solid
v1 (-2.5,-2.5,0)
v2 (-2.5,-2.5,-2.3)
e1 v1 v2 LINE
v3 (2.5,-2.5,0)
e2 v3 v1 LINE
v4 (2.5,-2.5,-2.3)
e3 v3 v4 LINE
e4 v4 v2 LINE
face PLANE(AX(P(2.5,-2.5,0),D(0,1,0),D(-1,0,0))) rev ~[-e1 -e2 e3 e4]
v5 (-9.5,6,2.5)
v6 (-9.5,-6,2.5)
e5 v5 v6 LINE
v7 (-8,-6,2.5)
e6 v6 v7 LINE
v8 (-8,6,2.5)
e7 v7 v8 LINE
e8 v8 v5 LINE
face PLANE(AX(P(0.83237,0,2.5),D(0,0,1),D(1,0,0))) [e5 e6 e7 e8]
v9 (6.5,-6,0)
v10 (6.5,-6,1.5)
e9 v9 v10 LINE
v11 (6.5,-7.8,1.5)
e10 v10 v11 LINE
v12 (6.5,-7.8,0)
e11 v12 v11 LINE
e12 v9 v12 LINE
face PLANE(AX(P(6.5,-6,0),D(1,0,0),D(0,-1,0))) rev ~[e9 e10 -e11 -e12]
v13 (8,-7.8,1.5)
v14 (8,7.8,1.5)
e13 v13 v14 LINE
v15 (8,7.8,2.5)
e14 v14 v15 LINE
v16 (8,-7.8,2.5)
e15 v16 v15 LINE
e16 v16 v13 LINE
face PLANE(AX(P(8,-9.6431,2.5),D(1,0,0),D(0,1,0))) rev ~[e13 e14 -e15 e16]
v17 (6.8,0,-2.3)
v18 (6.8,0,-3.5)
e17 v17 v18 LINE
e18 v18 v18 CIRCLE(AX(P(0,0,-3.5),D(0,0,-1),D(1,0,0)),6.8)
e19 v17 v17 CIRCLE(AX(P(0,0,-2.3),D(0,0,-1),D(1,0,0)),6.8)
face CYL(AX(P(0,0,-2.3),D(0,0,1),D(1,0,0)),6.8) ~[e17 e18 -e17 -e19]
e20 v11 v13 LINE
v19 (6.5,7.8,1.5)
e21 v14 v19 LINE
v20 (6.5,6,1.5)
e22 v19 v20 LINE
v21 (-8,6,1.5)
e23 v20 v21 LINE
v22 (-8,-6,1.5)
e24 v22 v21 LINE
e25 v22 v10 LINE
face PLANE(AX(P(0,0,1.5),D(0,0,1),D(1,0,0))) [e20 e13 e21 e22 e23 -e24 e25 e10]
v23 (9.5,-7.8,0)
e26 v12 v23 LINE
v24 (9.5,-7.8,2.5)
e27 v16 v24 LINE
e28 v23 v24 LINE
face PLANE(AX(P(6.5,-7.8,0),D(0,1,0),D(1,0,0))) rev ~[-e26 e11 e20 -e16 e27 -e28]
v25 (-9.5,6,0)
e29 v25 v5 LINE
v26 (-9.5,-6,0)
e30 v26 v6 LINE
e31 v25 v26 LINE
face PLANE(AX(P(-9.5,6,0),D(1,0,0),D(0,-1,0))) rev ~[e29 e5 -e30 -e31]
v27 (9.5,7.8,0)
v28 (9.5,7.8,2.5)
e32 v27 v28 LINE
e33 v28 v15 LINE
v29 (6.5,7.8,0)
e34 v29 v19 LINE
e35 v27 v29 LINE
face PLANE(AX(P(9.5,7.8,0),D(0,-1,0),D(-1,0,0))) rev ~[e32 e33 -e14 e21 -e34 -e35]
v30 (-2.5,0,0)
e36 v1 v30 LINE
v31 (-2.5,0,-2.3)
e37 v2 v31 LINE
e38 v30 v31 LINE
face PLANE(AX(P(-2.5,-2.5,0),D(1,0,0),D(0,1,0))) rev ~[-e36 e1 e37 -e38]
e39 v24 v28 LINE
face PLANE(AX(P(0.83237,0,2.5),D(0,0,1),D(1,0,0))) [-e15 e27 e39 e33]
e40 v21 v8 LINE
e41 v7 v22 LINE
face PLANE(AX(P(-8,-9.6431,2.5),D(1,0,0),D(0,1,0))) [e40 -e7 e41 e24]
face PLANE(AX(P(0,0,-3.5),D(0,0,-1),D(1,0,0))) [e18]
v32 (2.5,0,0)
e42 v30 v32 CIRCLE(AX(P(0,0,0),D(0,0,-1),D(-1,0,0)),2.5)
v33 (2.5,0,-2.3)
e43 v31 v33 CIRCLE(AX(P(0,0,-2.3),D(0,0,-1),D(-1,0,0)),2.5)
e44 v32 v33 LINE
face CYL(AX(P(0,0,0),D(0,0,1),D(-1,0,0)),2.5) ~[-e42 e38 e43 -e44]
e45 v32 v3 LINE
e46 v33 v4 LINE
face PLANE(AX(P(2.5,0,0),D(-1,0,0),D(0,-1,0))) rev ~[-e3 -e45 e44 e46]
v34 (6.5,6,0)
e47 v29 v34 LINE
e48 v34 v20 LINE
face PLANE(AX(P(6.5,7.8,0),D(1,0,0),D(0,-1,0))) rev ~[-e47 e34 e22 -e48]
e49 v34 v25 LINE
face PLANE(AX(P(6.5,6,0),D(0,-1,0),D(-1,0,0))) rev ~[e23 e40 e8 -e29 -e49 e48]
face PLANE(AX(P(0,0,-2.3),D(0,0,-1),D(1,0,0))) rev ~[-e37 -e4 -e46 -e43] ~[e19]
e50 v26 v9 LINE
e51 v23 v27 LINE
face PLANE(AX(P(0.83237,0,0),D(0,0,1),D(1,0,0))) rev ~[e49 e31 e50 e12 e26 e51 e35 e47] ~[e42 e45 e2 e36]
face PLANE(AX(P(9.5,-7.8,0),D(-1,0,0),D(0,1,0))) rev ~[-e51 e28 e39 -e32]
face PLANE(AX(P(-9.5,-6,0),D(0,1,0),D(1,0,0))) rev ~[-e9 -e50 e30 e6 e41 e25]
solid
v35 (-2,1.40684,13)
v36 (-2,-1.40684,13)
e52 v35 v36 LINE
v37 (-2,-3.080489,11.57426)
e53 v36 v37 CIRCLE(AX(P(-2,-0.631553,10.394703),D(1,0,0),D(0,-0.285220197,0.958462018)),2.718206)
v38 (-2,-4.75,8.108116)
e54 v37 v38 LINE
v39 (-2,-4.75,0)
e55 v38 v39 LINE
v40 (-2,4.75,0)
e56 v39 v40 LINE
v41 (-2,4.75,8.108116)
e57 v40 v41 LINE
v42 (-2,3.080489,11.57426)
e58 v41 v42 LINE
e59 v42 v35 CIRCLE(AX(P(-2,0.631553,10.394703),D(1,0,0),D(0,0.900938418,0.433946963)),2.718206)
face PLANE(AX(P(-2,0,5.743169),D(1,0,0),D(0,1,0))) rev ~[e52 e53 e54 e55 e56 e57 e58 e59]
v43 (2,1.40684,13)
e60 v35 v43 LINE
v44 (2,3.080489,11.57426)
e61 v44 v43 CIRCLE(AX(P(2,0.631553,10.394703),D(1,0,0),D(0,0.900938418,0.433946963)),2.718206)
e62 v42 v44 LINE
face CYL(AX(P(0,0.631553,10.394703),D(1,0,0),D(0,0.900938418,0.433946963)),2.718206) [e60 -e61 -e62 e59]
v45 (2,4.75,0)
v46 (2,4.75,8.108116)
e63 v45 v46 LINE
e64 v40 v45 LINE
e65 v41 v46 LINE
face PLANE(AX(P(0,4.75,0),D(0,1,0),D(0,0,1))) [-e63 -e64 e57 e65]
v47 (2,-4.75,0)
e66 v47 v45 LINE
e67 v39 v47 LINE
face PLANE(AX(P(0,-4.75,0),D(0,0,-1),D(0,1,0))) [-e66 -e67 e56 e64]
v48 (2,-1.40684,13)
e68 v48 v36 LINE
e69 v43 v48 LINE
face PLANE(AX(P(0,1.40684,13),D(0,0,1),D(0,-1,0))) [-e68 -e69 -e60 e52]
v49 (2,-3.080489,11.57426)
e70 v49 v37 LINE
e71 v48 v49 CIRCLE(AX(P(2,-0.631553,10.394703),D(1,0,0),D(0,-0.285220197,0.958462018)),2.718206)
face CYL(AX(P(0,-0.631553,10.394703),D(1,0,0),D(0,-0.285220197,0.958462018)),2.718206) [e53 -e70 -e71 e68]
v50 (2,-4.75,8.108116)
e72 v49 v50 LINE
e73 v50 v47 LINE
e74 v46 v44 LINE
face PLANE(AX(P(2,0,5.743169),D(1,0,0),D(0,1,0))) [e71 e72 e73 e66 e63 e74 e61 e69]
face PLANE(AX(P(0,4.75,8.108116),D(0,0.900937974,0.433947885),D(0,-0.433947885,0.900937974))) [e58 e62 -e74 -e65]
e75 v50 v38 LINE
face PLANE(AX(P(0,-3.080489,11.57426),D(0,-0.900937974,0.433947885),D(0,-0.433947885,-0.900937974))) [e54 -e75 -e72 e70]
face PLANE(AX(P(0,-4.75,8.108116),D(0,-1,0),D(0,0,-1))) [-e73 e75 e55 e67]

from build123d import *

# Parameters (mm, degrees)
F1_DEPTH      = 2.5
F2_W          = 16
F2_H          = 19.2862
F3_DEPTH      = 1
F5_DEPTH      = 2.3
F6_R          = 6.8
F7_DEPTH      = 1.2
F9_DEPTH      = 2
F9_DEPTH_BACK = 2


with BuildPart() as f1:
    # F0 (on Top) → F1 (new body)
    with BuildSketch(Plane.XY):
        Polygon((6.5, -7.8), (9.5, -7.8), (9.5, 7.8), (6.5, 7.8), (6.5, 6), (-9.5, 6), (-9.5, -6), (6.5, -6), align=None)
    extrude(amount=F1_DEPTH)

    # F2 (on face) → F3 (cut)
    with BuildSketch(Plane.XY.offset(2.5)):
        Rectangle(F2_W, F2_H)
    extrude(amount=-F3_DEPTH, mode=Mode.SUBTRACT)

    # F4 (on face) → F5 (join)
    with BuildSketch(Plane(origin=(0, 0, 0), x_dir=(1, 0, 0), z_dir=(0, 0, -1))):
        with BuildLine():
            Line((-2.5, 2.5), (-2.5, 0))
            ThreePointArc((-2.5, 0), (0, -2.5), (2.5, 0))
            Line((2.5, 0), (2.5, 2.5))
            Line((2.5, 2.5), (-2.5, 2.5))
        make_face()
    extrude(amount=F5_DEPTH)

    # F6 (on face) → F7 (join)
    with BuildSketch(Plane(origin=(0, 0, -2.3), x_dir=(1, 0, 0), z_dir=(0, 0, -1))):
        Circle(F6_R)
    extrude(amount=F7_DEPTH)


with BuildPart() as f9:
    # F8 (on Right) → F9 (new body, two sides)
    with BuildSketch(Plane.YZ) as f9_sk:
        with BuildLine():
            Line((-4.75, 8.108116), (-4.75, 0))
            Line((-4.75, 0), (4.75, 0))
            Line((4.75, 0), (4.75, 8.108116))
            Line((4.75, 8.108116), (3.080489, 11.57426))
            ThreePointArc((3.080489, 11.57426), (2.394246, 12.463895), (1.40684, 13))
            Line((1.40684, 13), (0, 13))
            Line((0, 13), (-1.40684, 13))
            ThreePointArc((-1.40684, 13), (-2.394246, 12.463895), (-3.080489, 11.57426))
            Line((-3.080489, 11.57426), (-4.75, 8.108116))
        make_face()
    extrude(amount=F9_DEPTH)
    extrude(f9_sk.sketch, amount=-F9_DEPTH_BACK)


solid = Compound([f1.part, f9.part])
